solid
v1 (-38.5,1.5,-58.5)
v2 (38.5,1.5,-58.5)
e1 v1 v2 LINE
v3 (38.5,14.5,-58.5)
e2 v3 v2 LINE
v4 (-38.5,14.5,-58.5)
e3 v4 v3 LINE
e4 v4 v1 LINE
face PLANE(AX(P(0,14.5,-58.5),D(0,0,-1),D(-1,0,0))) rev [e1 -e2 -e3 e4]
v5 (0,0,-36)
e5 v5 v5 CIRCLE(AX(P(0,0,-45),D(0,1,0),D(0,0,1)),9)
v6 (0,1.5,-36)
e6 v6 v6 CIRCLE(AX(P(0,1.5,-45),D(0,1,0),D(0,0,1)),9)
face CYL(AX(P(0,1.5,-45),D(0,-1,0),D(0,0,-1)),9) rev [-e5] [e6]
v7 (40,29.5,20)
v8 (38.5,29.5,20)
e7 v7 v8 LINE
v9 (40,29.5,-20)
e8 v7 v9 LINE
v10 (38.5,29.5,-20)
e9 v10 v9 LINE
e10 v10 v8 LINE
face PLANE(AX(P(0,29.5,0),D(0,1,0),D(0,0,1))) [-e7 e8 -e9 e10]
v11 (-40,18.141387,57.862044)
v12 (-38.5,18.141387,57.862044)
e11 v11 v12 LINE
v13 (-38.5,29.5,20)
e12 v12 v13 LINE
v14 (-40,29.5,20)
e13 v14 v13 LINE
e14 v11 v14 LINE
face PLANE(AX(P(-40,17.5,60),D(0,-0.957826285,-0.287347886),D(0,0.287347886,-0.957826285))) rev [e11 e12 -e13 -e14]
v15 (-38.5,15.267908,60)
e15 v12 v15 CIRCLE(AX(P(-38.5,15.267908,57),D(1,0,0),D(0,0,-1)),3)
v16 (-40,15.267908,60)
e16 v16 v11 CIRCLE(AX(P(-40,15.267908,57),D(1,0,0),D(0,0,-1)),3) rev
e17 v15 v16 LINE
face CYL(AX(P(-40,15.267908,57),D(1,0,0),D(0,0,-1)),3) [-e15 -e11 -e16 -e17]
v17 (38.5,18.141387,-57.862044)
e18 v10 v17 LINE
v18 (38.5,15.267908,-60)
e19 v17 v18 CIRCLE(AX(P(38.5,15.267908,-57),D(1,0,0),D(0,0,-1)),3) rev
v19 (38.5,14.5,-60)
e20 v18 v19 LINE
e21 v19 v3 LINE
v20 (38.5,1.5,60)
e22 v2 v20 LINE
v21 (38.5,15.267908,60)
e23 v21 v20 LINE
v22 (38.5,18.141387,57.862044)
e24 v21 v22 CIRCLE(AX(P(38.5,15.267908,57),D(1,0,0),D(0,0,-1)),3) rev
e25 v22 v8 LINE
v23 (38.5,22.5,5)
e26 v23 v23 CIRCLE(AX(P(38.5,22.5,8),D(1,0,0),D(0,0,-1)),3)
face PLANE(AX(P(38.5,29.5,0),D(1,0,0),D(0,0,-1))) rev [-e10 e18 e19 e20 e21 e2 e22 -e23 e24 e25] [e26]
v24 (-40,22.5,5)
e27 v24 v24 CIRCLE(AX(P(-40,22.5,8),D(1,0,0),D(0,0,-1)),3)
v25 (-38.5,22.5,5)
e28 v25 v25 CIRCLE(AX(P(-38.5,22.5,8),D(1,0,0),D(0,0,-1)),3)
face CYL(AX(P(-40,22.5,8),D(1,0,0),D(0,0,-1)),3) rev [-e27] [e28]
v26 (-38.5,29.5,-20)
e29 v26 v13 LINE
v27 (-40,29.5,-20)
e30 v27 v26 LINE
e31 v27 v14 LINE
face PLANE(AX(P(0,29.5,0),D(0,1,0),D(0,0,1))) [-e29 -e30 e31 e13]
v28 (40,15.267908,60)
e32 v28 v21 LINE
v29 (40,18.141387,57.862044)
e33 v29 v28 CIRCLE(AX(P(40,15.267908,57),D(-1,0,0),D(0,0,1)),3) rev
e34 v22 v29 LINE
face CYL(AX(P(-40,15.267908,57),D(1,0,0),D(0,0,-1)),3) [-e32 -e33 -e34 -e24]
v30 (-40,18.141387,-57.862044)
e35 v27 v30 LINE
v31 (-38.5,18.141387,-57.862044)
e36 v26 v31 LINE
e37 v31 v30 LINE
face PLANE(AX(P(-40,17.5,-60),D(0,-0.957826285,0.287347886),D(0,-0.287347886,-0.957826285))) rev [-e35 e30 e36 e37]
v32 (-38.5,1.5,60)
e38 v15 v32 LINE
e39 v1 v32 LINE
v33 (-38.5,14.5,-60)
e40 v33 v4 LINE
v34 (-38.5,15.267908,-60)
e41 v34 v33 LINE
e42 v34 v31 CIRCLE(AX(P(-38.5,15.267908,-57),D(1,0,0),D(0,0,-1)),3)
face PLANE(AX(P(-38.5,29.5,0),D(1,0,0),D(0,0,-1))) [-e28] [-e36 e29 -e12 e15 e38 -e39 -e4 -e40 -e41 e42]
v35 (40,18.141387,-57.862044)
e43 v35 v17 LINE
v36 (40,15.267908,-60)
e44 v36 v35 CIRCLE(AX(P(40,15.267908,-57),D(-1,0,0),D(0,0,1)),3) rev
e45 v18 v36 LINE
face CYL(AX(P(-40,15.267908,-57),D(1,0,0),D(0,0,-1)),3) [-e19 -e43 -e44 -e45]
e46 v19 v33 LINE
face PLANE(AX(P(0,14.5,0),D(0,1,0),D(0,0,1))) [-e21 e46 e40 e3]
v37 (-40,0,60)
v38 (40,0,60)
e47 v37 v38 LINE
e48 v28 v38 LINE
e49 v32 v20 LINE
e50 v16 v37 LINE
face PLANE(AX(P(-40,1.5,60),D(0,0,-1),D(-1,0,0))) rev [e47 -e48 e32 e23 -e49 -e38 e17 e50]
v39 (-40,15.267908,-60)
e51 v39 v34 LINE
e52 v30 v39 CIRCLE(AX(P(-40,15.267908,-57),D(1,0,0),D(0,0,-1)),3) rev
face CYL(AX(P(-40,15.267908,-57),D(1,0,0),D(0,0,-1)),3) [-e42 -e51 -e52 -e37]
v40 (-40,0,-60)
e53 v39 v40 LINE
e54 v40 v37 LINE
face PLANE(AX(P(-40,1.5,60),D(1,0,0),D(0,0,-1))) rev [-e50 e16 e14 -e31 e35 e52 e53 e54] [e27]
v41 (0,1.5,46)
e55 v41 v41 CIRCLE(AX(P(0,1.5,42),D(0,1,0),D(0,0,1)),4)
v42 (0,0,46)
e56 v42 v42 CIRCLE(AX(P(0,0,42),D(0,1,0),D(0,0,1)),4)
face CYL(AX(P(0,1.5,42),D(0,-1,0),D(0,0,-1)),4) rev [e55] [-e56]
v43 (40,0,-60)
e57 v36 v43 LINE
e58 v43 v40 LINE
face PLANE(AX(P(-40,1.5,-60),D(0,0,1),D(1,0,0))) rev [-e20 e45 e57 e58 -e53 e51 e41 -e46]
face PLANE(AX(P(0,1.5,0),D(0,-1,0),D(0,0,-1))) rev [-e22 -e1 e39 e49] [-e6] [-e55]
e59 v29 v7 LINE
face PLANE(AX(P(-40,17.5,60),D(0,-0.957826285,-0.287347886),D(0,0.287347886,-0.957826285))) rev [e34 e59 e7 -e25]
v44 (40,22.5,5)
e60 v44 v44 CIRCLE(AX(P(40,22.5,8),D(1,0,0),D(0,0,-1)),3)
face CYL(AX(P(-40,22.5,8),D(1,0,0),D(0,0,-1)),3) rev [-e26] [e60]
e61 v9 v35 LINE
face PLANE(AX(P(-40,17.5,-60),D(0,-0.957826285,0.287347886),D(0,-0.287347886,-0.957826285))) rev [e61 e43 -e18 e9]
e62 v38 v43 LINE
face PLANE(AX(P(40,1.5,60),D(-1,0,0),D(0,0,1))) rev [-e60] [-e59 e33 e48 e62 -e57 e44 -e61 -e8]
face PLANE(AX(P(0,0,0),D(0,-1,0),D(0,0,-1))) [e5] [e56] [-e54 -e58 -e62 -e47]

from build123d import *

# Parameters (mm, degrees)
SKETCH1_W               = 80
SKETCH1_H               = 120
SKETCH1_R               = 4
SKETCH1_R_2             = 9
BOSS_EXTRUDE1_DEPTH     = 1.5
SKETCH2_W               = 1.5
SKETCH2_H               = 120
BOSS_EXTRUDE2_DEPTH     = 28
SKETCH2_3_W             = 77
SKETCH2_3_H             = 1.5
BOSS_EXTRUDE3_DEPTH     = 13
CUT_EXTRUDE1_DEPTH      = 78.911809118
CUT_EXTRUDE1_DEPTH_BACK = 78.911809118
SKETCH3_R               = 3
FILLET1_R               = 3


with BuildPart() as part:
    # Sketch1 → Boss-Extrude1 (new body)
    with BuildSketch(Plane(origin=(0, 0, 0), x_dir=(1, 0, 0), z_dir=(0, 1, 0))):
        Rectangle(SKETCH1_W, SKETCH1_H)
        with Locations((0, -42)):
            Circle(SKETCH1_R, mode=Mode.SUBTRACT)
        with Locations((0, 45)):
            Circle(SKETCH1_R_2, mode=Mode.SUBTRACT)
    extrude(amount=BOSS_EXTRUDE1_DEPTH)

    # Sketch2 → Boss-Extrude2 (add)
    with BuildSketch(Plane(origin=(0, 1.5, 0), x_dir=(1, 0, 0), z_dir=(0, 1, 0))):
        with Locations((-39.25, 0)):
            Rectangle(SKETCH2_W, SKETCH2_H)
        with Locations((39.25, 0)):
            Rectangle(SKETCH2_W, SKETCH2_H)
    extrude(amount=BOSS_EXTRUDE2_DEPTH)

    # Sketch2<3> → Boss-Extrude3 (add)
    with BuildSketch(Plane(origin=(0, 1.5, 0), x_dir=(1, 0, 0), z_dir=(0, 1, 0))):
        with Locations((0, 59.25)):
            Rectangle(SKETCH2_3_W, SKETCH2_3_H)
    extrude(amount=BOSS_EXTRUDE3_DEPTH)

    # Sketch3 → Cut-Extrude1 (cut, two sides: drawn at the far end of the back side and taken through both)
    with BuildSketch(Plane(origin=(0, 0, 0), x_dir=(0, 0, -1), z_dir=(1, 0, 0)).offset(-CUT_EXTRUDE1_DEPTH_BACK)):
        with Locations((-8, 22.5)):
            Circle(SKETCH3_R)
        Polygon((20, 29.5), (60, 29.5), (60, 17.5), align=None)
        Polygon((-60, 17.5), (-20, 29.5), (-60, 29.5), align=None)
    extrude(amount=CUT_EXTRUDE1_DEPTH + CUT_EXTRUDE1_DEPTH_BACK, mode=Mode.SUBTRACT)

    # Fillet1
    fillet1_edges = [part.edges().sort_by_distance(p)[0] for p in [
        (39.25, 17.5, 60),
        (-39.25, 17.5, 60),
        (-39.25, 17.5, -60),
        (39.25, 17.5, -60),
    ]]
    fillet(fillet1_edges, radius=FILLET1_R)


solid = part.part
